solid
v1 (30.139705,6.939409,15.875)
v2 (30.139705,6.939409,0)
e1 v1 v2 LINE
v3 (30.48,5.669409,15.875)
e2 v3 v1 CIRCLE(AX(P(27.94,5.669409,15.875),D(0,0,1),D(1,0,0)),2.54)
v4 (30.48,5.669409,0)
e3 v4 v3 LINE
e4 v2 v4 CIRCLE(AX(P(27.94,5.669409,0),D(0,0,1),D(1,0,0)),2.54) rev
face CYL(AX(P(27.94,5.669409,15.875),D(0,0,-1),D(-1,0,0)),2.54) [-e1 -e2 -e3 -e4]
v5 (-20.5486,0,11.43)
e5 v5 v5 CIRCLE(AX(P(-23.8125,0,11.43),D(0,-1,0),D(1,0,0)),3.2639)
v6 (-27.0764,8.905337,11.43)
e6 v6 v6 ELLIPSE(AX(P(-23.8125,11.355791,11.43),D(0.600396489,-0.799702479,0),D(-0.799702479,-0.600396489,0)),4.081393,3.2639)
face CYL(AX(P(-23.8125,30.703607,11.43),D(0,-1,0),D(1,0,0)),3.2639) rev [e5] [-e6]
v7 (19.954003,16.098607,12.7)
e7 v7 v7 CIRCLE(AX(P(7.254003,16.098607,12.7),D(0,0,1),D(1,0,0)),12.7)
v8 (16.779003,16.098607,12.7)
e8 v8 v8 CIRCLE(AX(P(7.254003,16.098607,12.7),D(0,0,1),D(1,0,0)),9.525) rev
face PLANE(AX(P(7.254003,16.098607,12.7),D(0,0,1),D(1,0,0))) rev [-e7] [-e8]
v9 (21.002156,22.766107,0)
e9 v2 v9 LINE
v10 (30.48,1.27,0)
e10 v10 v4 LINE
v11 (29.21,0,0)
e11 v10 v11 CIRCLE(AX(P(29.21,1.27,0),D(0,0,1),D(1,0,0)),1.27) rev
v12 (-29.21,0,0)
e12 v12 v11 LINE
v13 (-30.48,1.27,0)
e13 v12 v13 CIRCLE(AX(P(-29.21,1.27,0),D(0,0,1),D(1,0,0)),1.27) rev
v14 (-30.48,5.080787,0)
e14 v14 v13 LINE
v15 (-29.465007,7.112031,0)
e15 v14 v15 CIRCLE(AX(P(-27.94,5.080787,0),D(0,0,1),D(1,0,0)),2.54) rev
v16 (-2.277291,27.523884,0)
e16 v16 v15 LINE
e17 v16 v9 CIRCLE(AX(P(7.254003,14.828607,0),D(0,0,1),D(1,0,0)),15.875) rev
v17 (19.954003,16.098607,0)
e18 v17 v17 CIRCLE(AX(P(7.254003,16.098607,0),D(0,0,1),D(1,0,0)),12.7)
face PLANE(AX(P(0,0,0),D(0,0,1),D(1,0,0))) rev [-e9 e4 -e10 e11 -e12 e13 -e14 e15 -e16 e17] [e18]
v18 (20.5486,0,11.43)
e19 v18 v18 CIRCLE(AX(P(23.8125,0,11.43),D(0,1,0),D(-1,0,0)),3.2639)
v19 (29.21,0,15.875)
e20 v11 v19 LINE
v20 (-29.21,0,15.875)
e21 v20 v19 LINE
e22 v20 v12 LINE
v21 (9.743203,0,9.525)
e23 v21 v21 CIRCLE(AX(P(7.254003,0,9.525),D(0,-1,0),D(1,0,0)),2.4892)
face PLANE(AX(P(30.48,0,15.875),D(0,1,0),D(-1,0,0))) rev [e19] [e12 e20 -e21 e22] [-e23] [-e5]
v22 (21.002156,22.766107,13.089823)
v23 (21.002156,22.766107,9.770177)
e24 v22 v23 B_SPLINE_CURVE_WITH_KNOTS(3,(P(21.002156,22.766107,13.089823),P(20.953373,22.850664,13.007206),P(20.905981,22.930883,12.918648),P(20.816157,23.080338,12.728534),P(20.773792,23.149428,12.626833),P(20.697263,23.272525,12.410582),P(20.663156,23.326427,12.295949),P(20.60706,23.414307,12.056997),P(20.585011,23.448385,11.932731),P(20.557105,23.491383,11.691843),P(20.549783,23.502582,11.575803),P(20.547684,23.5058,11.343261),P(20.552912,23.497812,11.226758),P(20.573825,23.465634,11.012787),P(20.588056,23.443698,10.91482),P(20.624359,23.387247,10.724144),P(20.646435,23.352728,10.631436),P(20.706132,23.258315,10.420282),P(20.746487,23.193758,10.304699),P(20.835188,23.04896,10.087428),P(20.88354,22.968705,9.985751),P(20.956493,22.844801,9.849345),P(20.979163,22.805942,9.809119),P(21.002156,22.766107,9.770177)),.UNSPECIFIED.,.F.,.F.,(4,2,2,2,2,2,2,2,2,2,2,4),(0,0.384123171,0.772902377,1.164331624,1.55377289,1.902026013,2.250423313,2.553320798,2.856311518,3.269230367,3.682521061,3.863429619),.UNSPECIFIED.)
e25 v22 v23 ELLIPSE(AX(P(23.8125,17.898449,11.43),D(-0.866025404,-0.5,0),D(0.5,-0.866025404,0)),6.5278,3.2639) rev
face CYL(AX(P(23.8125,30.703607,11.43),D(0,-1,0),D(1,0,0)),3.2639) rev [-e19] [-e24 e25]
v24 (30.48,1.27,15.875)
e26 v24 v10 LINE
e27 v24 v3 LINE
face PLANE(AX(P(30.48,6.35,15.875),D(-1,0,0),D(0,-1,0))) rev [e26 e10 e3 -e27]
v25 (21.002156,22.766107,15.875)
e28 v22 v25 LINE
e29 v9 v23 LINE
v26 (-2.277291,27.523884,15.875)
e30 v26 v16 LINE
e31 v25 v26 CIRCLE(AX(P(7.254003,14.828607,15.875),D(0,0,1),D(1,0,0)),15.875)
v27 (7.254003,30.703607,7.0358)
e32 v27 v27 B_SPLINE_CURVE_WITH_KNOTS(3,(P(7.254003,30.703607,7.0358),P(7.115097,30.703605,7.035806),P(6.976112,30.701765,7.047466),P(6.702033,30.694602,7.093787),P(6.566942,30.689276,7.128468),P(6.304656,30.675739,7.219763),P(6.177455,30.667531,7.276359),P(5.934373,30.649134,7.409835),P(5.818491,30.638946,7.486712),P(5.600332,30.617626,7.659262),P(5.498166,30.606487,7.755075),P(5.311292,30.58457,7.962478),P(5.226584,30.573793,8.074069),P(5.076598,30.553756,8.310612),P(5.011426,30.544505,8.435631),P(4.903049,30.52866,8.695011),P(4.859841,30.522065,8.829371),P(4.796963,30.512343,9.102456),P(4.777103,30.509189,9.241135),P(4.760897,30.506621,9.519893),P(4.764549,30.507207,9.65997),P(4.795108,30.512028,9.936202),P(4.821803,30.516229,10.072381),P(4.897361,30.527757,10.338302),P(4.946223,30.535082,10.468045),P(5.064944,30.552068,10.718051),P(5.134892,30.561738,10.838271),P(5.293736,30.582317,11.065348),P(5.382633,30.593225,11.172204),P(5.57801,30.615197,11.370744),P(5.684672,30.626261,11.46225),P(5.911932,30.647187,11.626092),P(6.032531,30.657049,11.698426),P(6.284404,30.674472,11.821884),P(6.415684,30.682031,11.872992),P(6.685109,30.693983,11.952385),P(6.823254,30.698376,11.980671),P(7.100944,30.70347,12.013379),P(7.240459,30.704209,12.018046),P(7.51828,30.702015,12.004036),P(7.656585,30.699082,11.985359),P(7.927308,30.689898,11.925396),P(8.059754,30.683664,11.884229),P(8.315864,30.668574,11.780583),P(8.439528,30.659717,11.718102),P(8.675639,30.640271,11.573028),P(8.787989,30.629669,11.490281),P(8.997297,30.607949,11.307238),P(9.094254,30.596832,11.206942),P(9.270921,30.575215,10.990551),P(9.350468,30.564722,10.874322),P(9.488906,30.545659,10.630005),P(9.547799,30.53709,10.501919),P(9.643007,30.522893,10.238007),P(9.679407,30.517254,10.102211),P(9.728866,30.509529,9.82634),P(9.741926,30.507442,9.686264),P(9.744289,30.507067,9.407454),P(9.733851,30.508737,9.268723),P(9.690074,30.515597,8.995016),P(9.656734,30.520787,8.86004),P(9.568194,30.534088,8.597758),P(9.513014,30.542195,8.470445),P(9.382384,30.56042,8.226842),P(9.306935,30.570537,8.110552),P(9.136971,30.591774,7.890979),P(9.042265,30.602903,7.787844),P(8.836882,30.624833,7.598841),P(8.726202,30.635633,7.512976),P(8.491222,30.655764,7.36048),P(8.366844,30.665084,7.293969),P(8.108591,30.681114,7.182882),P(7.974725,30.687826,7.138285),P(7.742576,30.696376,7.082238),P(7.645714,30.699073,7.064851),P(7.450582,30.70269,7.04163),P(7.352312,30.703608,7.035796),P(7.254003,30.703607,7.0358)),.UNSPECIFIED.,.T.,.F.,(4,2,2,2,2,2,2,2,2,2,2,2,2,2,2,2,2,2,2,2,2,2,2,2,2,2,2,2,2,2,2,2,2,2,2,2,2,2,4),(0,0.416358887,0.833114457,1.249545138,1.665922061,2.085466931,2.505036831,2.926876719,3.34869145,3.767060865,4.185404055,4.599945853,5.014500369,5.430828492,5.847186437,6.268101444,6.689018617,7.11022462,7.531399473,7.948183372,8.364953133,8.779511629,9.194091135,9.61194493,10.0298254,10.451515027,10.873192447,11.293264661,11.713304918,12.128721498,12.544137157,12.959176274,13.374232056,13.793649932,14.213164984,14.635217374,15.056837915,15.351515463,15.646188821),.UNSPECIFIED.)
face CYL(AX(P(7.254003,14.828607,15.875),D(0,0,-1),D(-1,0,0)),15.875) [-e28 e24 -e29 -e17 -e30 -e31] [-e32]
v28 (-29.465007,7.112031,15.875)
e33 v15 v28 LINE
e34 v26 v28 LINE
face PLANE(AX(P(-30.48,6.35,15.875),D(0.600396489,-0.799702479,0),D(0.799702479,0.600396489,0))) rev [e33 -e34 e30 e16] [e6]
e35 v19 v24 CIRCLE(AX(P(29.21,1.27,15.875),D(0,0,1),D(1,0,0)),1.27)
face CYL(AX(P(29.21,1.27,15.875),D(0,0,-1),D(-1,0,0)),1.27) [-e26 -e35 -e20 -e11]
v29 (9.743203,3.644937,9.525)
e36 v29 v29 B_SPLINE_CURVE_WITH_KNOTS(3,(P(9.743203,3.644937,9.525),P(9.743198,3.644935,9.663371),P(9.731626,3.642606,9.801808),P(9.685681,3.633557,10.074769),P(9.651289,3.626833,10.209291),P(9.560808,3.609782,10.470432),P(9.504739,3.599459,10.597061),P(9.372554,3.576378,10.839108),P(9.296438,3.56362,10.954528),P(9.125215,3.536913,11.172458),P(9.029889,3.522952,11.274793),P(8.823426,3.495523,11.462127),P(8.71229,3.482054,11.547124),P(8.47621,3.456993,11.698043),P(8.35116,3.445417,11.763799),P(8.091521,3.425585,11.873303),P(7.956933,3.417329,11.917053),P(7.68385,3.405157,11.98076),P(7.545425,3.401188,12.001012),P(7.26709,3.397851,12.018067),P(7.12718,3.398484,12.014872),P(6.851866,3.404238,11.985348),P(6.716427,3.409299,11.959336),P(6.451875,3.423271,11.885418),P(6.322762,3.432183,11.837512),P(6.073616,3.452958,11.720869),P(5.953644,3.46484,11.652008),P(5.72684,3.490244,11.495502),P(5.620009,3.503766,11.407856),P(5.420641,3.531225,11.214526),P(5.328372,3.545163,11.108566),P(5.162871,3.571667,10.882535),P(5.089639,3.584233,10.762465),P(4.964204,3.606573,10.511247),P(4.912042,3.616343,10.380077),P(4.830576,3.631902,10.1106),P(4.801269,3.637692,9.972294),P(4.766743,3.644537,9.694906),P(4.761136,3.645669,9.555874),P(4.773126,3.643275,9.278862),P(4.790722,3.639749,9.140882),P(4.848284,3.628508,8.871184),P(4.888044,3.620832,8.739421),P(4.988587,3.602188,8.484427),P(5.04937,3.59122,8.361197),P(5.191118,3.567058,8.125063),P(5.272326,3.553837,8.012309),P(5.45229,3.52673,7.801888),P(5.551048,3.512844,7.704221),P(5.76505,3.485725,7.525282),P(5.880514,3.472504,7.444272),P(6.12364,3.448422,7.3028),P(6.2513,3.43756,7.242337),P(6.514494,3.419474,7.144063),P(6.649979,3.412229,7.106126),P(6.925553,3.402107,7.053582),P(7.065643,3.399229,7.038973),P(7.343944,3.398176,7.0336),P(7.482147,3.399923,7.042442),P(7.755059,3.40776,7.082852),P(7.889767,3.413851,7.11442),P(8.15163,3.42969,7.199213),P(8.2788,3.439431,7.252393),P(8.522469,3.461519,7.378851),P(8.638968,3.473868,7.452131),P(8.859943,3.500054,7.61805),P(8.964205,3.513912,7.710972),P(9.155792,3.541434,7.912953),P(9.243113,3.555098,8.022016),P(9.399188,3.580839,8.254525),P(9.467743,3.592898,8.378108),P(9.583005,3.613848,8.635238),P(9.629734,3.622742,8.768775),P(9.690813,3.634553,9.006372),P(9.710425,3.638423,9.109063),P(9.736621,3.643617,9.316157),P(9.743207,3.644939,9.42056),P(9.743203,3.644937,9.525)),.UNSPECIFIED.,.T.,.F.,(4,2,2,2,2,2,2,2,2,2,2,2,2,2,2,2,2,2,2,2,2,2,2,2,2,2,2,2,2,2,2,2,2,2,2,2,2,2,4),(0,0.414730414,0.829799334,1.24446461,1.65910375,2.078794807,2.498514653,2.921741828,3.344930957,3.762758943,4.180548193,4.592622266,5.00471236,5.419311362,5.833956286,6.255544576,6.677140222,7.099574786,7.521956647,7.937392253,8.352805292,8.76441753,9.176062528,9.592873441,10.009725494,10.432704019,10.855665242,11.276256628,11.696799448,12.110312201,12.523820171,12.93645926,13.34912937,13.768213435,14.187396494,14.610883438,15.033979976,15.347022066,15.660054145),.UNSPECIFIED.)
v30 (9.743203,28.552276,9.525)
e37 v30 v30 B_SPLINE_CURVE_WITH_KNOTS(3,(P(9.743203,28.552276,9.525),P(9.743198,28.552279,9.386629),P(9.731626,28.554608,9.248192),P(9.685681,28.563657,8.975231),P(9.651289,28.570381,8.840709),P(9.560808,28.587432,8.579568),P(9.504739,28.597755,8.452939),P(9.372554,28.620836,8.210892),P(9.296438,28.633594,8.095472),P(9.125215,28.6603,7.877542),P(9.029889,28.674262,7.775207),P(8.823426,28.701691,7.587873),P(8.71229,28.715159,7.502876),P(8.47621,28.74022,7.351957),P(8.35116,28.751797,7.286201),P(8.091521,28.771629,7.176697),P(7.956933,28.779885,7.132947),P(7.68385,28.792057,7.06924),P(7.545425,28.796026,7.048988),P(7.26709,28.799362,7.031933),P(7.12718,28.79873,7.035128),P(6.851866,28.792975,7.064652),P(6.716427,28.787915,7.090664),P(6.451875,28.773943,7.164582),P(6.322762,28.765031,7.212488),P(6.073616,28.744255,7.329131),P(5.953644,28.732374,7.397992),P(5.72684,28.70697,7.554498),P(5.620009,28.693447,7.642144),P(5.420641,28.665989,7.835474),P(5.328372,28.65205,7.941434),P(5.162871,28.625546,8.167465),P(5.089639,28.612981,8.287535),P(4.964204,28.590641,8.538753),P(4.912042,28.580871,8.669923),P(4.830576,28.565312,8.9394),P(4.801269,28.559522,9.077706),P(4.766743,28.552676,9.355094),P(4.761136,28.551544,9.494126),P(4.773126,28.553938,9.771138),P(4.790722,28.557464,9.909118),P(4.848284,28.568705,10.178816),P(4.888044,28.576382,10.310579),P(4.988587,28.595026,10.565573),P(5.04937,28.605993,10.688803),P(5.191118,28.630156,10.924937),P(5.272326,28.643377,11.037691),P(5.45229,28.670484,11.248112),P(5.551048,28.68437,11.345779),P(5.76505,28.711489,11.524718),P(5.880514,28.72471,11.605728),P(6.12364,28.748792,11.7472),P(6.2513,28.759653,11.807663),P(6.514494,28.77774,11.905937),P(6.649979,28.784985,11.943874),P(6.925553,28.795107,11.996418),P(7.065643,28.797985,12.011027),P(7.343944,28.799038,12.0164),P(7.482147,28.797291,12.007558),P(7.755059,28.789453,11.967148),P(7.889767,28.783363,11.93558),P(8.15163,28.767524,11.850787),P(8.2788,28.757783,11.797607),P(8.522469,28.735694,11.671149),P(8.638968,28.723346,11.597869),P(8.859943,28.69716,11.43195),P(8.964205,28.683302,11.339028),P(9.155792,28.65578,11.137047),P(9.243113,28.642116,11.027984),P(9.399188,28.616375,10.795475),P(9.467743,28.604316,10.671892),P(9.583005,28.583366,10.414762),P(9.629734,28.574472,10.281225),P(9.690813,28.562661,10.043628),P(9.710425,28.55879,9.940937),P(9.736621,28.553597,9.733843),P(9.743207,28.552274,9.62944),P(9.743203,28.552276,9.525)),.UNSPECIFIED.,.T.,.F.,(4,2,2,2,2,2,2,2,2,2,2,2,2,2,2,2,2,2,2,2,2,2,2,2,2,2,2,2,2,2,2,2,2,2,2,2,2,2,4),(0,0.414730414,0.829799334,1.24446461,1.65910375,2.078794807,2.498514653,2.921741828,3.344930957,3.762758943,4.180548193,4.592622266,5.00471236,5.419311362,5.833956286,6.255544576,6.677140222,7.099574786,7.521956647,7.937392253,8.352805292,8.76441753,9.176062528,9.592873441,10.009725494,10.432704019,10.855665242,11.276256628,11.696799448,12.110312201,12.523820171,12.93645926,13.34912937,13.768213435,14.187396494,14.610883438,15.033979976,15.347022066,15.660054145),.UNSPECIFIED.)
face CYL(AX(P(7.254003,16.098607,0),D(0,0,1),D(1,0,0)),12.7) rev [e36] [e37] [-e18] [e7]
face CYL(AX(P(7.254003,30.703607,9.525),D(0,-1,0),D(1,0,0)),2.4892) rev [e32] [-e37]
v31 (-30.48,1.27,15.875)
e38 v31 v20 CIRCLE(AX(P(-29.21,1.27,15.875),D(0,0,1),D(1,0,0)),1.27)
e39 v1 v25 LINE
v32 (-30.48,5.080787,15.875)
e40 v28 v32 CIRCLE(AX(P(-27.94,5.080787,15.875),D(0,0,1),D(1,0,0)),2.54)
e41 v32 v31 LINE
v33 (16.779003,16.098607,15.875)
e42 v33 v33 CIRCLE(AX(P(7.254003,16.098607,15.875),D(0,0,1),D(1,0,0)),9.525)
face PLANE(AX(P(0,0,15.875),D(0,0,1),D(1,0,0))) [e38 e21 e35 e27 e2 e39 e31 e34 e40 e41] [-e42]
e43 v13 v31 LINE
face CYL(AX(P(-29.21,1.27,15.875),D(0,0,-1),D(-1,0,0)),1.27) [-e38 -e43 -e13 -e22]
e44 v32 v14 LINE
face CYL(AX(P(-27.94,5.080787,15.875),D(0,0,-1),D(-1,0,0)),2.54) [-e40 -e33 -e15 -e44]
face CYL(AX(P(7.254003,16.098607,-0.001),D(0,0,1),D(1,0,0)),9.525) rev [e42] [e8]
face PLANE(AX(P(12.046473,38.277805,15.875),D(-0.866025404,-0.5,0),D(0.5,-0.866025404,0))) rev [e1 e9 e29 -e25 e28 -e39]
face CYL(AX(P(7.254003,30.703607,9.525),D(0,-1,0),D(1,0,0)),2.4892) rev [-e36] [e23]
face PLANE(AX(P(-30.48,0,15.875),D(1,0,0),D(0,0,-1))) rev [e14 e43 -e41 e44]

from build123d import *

# Parameters (mm, degrees)
SALIENTE_EXTRUIR1_DEPTH = 15.875
REDONDEO1_R             = 15.875
CORTAR_EXTRUIR1_REACH   = 48.084
CROQUIS2_R              = 9.525
CORTAR_EXTRUIR2_START   = -3.175
CROQUIS3_R              = 12.7
CORTAR_EXTRUIR2_DEPTH   = 43.909243503
CROQUIS4_R              = 3.2639
CROQUIS4_R_2            = 2.4892
CORTAR_EXTRUIR3_DEPTH   = 47.084243503
REDONDEO2_R             = 1.27
REDONDEO3_R             = 2.54


with BuildPart() as part:
    # Croquis1 → Saliente-Extruir1 (new body)
    with BuildSketch(Plane.XY):
        Polygon((30.48, 0), (-30.48, 0), (-30.48, 6.35), (12.046472996, 38.277805334), (30.48, 6.35), align=None)
    extrude(amount=SALIENTE_EXTRUIR1_DEPTH)

    # Redondeo1
    redondeo1_edges = [part.edges().sort_by_distance(p)[0] for p in [
        (12.046472996, 38.277805334, 7.9375),
    ]]
    fillet(redondeo1_edges, radius=REDONDEO1_R)

    # Croquis2 → Cortar-Extruir1 (cut, up to next)
    with BuildSketch(Plane.XY.offset(15.875), mode=Mode.PRIVATE) as cortar_extruir1_sk1:
        with Locations((7.254003, 16.09860686)):
            Circle(CROQUIS2_R)
    cortar_extruir1_tool1 = extrude(cortar_extruir1_sk1.sketch, amount=-CORTAR_EXTRUIR1_REACH, mode=Mode.PRIVATE) & part.part
    add(cortar_extruir1_tool1.solids().sort_by_distance((7.254003, 16.098607, 15.875))[0], mode=Mode.SUBTRACT)

    # Croquis3 → Cortar-Extruir2 (cut, through all)
    with BuildSketch(Plane.XY.offset(15.875).offset(CORTAR_EXTRUIR2_START)):
        with Locations((7.254003, 16.09860686)):
            Circle(CROQUIS3_R)
    extrude(amount=-CORTAR_EXTRUIR2_DEPTH, mode=Mode.SUBTRACT)

    # Croquis4 → Cortar-Extruir3 (cut, through all)
    with BuildSketch(Plane.XZ):
        with Locations((-23.8125, 11.43)):
            Circle(CROQUIS4_R)
        with Locations(Location((23.8125, 11.43, 0), (0, 0, 210.56660833))):
            Circle(CROQUIS4_R)
        with Locations((7.254003, 9.525)):
            Circle(CROQUIS4_R_2)
    extrude(amount=-CORTAR_EXTRUIR3_DEPTH, mode=Mode.SUBTRACT)

    # Redondeo2
    redondeo2_edges = [part.edges().sort_by_distance(p)[0] for p in [
        (30.48, 0, 7.9375),
        (-30.48, 0, 7.9375),
    ]]
    fillet(redondeo2_edges, radius=REDONDEO2_R)

    # Redondeo3
    redondeo3_edges = [part.edges().sort_by_distance(p)[0] for p in [
        (-30.48, 6.35, 7.9375),
        (30.48, 6.35, 7.9375),
    ]]
    fillet(redondeo3_edges, radius=REDONDEO3_R)


solid = part.part
